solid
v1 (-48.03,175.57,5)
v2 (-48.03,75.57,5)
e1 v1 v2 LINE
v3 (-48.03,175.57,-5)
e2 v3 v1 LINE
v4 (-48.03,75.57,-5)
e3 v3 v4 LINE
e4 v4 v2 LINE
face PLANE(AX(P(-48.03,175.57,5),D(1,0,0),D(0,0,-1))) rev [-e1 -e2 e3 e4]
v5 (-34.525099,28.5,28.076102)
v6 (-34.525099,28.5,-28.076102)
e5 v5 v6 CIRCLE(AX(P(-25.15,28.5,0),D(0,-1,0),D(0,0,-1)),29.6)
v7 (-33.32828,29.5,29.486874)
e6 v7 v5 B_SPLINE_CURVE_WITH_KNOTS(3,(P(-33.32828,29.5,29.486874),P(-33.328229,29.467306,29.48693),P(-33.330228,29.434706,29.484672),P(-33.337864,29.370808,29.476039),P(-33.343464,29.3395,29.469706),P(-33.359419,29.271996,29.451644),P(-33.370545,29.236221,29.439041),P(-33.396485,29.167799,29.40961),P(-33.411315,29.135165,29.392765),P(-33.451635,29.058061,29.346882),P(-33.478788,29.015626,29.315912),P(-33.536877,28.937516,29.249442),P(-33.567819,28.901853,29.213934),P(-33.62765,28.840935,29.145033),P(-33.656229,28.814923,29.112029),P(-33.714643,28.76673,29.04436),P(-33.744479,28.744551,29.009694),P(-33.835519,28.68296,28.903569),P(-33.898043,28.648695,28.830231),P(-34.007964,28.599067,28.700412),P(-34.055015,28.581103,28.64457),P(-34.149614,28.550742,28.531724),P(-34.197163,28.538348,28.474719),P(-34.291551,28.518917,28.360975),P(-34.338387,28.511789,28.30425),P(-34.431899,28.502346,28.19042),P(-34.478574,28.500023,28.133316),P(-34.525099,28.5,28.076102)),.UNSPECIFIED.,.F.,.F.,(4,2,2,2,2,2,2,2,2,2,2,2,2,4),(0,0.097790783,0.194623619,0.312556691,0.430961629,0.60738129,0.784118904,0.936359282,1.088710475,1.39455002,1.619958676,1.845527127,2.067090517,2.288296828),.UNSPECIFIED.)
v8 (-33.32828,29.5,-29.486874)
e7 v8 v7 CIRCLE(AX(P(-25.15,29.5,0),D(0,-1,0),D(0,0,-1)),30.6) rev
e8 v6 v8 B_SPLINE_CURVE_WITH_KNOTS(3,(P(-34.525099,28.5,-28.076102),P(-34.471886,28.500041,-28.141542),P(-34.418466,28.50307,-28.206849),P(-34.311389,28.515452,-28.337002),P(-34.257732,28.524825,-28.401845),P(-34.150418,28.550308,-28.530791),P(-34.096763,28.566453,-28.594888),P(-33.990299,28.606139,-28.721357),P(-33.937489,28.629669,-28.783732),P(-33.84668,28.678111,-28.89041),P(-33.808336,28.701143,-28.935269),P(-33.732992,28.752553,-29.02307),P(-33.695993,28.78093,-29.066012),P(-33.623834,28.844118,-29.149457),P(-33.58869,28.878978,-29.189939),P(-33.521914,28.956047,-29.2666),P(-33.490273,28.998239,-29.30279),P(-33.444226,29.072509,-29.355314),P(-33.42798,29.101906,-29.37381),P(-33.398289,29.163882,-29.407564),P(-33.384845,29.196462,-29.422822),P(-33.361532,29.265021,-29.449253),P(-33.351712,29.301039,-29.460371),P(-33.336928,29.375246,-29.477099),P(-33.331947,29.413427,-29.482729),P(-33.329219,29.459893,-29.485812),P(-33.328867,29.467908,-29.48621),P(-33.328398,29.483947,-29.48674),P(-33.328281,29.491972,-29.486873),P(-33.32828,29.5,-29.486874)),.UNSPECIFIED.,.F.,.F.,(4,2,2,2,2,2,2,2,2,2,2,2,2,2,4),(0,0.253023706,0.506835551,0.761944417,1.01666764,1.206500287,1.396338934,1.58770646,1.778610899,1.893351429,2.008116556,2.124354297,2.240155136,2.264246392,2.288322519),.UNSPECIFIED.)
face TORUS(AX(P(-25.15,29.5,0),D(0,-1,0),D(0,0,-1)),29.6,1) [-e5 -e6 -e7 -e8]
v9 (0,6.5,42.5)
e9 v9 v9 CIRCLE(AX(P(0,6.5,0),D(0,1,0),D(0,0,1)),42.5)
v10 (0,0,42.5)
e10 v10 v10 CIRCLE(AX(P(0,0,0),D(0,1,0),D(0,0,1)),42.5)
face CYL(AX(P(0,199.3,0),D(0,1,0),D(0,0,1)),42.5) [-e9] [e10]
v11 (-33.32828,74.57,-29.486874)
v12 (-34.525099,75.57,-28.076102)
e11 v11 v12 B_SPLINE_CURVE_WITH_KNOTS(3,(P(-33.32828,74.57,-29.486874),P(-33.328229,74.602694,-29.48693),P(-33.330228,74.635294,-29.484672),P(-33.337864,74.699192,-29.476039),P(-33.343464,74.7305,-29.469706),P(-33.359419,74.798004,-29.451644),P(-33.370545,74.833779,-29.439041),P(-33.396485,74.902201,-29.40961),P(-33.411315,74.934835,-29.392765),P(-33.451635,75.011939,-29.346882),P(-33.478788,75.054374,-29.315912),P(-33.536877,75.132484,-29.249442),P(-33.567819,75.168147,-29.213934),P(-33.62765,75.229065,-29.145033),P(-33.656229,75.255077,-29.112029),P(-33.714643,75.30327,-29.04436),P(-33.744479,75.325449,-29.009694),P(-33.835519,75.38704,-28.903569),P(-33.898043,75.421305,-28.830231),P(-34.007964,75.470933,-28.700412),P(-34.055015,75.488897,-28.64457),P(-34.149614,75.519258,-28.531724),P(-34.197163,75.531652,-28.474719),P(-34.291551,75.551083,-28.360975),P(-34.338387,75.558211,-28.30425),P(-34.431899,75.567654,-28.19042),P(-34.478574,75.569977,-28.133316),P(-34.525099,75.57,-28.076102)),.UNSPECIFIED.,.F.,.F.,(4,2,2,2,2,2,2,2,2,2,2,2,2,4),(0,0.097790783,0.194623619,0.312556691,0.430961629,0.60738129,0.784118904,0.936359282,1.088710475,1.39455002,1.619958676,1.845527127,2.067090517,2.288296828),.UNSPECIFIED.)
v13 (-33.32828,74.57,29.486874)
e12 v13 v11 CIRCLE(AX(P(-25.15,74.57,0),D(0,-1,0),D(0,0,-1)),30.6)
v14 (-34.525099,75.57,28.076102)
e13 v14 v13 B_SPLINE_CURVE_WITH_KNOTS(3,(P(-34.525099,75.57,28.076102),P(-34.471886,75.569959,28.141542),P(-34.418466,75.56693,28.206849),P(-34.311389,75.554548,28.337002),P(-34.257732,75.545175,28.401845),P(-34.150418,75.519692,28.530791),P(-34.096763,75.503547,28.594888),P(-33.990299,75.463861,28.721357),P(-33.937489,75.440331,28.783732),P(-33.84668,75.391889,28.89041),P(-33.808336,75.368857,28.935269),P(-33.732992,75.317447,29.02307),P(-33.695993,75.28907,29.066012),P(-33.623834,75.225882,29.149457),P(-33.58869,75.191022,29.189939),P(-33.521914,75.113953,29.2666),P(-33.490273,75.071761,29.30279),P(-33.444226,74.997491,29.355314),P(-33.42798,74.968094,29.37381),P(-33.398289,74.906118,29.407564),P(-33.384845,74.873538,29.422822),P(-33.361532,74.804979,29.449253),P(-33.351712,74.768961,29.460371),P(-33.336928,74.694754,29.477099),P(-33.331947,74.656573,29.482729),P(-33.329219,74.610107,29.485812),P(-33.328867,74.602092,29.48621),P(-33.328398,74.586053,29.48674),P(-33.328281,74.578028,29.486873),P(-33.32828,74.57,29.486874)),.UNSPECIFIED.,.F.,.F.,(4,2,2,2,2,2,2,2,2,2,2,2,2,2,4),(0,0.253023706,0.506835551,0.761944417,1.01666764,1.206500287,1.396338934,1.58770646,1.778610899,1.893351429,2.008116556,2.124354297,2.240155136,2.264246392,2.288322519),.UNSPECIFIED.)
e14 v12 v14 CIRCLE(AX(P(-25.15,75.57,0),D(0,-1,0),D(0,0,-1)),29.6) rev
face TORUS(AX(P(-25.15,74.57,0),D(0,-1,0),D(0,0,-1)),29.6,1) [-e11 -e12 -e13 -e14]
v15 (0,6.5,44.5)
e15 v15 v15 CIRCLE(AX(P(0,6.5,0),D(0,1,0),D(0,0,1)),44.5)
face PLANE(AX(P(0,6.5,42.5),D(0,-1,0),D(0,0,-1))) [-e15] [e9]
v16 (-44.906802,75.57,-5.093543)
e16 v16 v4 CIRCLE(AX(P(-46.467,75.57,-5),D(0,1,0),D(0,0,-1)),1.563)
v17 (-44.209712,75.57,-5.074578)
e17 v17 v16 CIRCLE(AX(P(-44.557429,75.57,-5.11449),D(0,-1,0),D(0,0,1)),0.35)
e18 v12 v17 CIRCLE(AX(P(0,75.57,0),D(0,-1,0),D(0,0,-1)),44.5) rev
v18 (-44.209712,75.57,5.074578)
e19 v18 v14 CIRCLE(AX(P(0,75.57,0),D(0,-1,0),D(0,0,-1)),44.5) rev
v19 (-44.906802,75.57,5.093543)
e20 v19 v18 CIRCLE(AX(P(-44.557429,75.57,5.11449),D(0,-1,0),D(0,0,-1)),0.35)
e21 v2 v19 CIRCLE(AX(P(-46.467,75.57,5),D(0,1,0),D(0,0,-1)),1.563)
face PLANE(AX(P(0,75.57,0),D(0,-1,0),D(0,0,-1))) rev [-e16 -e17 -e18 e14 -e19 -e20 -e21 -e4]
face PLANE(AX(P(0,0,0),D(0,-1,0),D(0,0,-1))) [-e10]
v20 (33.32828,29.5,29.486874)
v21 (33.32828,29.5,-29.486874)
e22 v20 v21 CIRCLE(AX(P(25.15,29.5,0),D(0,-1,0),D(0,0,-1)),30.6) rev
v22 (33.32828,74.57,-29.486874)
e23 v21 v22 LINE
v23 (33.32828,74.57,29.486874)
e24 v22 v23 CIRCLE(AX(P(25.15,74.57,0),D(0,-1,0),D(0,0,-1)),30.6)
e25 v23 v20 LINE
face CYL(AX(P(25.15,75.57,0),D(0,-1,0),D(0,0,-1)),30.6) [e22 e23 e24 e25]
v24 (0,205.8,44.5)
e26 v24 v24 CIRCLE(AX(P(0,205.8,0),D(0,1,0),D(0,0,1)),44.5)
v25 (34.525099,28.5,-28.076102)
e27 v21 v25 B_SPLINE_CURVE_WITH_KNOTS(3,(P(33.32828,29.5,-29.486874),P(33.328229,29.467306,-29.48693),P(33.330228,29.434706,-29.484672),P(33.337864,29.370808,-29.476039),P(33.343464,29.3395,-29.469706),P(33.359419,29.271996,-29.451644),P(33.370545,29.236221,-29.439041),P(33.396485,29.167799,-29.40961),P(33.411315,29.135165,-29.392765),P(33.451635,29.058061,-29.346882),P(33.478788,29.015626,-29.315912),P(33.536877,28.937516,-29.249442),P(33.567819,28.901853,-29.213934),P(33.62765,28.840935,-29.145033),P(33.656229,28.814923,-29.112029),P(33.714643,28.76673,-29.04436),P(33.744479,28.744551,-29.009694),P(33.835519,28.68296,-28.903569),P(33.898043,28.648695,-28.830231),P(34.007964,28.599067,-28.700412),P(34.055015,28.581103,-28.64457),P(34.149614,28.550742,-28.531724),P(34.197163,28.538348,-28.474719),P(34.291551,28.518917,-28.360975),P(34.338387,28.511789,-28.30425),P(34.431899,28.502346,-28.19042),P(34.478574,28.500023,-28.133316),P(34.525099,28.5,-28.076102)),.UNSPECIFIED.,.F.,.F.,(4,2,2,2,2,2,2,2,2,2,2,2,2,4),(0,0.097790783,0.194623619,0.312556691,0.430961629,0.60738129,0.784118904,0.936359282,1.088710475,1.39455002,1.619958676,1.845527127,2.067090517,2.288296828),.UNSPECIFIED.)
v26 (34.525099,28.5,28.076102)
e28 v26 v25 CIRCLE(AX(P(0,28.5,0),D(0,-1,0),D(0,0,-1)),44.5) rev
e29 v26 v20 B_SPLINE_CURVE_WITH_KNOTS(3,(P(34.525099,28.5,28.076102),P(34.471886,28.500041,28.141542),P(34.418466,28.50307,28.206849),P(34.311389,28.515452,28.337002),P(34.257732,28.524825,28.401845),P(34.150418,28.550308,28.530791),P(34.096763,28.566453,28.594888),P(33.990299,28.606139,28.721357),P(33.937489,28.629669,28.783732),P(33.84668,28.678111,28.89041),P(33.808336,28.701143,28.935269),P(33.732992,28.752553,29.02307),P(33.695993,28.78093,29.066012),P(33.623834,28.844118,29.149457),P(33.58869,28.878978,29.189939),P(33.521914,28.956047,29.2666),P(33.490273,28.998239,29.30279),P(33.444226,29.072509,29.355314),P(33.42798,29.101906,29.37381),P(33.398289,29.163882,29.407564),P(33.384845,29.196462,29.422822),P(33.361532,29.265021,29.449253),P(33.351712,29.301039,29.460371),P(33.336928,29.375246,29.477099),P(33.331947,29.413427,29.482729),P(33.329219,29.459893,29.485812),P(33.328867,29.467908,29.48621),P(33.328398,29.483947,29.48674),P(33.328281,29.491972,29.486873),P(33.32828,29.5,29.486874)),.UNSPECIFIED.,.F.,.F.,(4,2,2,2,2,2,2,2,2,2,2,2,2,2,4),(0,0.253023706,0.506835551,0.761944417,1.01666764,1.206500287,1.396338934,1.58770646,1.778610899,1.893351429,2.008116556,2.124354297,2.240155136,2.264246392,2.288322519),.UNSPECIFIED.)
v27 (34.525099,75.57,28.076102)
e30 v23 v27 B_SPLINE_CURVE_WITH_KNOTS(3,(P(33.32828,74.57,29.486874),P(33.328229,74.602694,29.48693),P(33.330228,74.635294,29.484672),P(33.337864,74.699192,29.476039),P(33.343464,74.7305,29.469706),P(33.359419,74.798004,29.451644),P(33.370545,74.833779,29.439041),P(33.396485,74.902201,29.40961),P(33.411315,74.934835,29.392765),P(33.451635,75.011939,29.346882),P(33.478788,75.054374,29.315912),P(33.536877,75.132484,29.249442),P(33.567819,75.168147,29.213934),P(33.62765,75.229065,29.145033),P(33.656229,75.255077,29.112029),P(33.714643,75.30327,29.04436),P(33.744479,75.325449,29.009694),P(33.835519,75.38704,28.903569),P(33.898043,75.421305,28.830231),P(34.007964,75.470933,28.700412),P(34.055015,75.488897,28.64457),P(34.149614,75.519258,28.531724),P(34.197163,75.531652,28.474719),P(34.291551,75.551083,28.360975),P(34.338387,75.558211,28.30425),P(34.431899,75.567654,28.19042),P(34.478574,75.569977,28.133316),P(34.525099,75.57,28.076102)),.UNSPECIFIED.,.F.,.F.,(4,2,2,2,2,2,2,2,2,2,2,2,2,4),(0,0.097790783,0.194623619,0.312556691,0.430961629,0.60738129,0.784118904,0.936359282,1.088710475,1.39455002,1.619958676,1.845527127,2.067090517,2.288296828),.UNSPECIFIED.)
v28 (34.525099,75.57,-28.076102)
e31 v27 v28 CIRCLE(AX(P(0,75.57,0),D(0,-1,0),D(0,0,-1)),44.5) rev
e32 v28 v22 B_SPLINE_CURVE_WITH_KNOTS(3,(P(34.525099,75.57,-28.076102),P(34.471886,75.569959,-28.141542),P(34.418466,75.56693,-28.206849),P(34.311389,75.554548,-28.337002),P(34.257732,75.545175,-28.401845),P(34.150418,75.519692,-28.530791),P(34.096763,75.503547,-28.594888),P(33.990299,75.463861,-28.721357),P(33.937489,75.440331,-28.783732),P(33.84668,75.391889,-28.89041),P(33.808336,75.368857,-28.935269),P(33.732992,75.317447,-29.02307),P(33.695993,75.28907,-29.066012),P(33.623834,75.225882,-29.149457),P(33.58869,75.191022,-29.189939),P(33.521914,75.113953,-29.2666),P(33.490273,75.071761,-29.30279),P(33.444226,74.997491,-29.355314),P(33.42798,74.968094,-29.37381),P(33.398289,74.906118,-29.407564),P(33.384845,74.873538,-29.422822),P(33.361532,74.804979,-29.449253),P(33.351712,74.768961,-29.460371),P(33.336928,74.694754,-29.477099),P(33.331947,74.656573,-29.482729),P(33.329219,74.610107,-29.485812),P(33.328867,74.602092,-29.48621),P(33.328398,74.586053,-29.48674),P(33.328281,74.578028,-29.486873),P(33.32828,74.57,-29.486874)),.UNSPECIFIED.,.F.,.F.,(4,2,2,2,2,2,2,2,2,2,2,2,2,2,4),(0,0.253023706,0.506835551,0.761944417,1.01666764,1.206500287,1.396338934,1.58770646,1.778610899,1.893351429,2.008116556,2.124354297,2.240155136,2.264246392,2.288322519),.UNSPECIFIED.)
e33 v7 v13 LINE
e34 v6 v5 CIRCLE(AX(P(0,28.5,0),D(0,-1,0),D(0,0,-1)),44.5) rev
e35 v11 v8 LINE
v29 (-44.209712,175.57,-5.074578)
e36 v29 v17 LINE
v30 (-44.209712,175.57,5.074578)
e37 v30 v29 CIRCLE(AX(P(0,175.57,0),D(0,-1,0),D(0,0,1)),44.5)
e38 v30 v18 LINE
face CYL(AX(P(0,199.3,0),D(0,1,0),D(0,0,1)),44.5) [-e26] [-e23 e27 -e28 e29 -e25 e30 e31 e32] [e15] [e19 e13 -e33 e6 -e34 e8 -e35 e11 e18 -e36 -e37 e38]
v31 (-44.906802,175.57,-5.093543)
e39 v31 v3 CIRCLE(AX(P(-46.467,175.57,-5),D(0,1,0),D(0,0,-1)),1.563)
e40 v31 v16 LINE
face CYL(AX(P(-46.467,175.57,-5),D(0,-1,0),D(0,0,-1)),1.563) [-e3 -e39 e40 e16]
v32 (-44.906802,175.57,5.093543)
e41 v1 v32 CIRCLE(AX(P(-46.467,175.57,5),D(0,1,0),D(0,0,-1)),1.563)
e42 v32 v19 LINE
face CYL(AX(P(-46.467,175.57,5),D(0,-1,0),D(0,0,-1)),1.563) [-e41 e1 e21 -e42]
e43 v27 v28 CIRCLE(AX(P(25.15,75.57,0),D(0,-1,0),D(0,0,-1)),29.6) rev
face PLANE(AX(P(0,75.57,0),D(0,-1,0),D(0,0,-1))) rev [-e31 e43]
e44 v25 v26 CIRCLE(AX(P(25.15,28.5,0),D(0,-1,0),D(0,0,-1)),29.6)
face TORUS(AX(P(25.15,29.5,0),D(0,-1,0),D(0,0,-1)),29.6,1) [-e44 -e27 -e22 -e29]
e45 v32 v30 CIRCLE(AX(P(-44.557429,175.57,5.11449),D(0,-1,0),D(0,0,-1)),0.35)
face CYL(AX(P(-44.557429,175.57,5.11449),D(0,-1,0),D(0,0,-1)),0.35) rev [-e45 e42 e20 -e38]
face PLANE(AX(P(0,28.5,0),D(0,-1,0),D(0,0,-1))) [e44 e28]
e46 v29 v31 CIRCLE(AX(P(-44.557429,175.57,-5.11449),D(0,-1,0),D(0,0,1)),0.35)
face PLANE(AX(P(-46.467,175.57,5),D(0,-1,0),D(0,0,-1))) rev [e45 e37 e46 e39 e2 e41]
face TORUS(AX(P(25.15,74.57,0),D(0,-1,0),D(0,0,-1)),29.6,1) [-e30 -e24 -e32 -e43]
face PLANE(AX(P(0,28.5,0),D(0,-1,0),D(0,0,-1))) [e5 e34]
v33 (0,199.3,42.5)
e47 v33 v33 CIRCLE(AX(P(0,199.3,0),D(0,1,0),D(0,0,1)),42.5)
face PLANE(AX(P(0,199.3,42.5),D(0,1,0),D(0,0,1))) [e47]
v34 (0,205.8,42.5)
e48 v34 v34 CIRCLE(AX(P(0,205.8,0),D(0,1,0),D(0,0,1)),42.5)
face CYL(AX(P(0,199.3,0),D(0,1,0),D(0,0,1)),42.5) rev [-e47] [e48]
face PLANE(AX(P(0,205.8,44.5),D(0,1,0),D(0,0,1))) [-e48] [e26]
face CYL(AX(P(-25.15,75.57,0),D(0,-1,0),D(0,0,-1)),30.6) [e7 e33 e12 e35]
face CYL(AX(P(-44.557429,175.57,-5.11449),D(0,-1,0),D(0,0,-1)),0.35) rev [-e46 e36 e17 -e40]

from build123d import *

# Parameters (mm, degrees)
EXTRUDE1_DEPTH = 47.07
EXTRUDE2_START = 100
EXTRUDE2_DEPTH = 100
FILLET1_R      = 1


with BuildPart() as part:
    # Sketch1 → Revolve1 (revolve)
    with BuildSketch(Plane(origin=(0, 0, 0), x_dir=(0, 0, -1), z_dir=(1, 0, 0))):
        Polygon((0, 0), (-42.5, 0), (-42.5, 6.5), (-44.5, 6.5), (-44.5, 205.8), (-42.5, 205.8), (-42.5, 199.3), (0, 199.3), align=None)
    revolve(axis=Axis((0, 199.3, 0), (0, -1, 0)))

    # Sketch2 → Extrude1 (add)
    with BuildSketch(Plane.XZ.offset(-28.5)):
        with BuildLine():
            ThreePointArc((0, -17.430935144), (55.75, 0), (0, 17.430935144))
            ThreePointArc((0, 17.430935144), (-55.75, 0), (0, -17.430935144))
        make_face()
    extrude(amount=-EXTRUDE1_DEPTH)

    # Sketch3 → Extrude2 (add)
    with BuildSketch(Plane(origin=(0, 75.57, 0), x_dir=(-1, 0, 0), z_dir=(0, 1, 0)).offset(EXTRUDE2_START)):
        with BuildLine():
            Line((48.03, 5), (48.03, -5))
            ThreePointArc((48.03, -5), (46.51379262, -6.562299411), (44.906801727, -5.093543292))
            ThreePointArc((44.906801727, -5.093543292), (44.566947891, -4.764619749), (44.209712274, -5.074577876))
            ThreePointArc((44.209712274, -5.074577876), (44.5, 0), (44.209712274, 5.074577876))
            ThreePointArc((44.209712274, 5.074577876), (44.566947891, 4.764619749), (44.906801727, 5.093543292))
            ThreePointArc((44.906801727, 5.093543292), (46.51379262, 6.562299411), (48.03, 5))
        make_face()
    extrude(amount=-EXTRUDE2_DEPTH)

    # Fillet1
    fillet1_edges = [part.edges().sort_by_distance(p)[0] for p in [
        (55.75, 28.5, 0),
        (55.75, 75.57, 0),
        (-55.75, 28.5, 0),
        (-55.75, 75.57, 0),
    ]]
    fillet(fillet1_edges, radius=FILLET1_R)


solid = part.part
